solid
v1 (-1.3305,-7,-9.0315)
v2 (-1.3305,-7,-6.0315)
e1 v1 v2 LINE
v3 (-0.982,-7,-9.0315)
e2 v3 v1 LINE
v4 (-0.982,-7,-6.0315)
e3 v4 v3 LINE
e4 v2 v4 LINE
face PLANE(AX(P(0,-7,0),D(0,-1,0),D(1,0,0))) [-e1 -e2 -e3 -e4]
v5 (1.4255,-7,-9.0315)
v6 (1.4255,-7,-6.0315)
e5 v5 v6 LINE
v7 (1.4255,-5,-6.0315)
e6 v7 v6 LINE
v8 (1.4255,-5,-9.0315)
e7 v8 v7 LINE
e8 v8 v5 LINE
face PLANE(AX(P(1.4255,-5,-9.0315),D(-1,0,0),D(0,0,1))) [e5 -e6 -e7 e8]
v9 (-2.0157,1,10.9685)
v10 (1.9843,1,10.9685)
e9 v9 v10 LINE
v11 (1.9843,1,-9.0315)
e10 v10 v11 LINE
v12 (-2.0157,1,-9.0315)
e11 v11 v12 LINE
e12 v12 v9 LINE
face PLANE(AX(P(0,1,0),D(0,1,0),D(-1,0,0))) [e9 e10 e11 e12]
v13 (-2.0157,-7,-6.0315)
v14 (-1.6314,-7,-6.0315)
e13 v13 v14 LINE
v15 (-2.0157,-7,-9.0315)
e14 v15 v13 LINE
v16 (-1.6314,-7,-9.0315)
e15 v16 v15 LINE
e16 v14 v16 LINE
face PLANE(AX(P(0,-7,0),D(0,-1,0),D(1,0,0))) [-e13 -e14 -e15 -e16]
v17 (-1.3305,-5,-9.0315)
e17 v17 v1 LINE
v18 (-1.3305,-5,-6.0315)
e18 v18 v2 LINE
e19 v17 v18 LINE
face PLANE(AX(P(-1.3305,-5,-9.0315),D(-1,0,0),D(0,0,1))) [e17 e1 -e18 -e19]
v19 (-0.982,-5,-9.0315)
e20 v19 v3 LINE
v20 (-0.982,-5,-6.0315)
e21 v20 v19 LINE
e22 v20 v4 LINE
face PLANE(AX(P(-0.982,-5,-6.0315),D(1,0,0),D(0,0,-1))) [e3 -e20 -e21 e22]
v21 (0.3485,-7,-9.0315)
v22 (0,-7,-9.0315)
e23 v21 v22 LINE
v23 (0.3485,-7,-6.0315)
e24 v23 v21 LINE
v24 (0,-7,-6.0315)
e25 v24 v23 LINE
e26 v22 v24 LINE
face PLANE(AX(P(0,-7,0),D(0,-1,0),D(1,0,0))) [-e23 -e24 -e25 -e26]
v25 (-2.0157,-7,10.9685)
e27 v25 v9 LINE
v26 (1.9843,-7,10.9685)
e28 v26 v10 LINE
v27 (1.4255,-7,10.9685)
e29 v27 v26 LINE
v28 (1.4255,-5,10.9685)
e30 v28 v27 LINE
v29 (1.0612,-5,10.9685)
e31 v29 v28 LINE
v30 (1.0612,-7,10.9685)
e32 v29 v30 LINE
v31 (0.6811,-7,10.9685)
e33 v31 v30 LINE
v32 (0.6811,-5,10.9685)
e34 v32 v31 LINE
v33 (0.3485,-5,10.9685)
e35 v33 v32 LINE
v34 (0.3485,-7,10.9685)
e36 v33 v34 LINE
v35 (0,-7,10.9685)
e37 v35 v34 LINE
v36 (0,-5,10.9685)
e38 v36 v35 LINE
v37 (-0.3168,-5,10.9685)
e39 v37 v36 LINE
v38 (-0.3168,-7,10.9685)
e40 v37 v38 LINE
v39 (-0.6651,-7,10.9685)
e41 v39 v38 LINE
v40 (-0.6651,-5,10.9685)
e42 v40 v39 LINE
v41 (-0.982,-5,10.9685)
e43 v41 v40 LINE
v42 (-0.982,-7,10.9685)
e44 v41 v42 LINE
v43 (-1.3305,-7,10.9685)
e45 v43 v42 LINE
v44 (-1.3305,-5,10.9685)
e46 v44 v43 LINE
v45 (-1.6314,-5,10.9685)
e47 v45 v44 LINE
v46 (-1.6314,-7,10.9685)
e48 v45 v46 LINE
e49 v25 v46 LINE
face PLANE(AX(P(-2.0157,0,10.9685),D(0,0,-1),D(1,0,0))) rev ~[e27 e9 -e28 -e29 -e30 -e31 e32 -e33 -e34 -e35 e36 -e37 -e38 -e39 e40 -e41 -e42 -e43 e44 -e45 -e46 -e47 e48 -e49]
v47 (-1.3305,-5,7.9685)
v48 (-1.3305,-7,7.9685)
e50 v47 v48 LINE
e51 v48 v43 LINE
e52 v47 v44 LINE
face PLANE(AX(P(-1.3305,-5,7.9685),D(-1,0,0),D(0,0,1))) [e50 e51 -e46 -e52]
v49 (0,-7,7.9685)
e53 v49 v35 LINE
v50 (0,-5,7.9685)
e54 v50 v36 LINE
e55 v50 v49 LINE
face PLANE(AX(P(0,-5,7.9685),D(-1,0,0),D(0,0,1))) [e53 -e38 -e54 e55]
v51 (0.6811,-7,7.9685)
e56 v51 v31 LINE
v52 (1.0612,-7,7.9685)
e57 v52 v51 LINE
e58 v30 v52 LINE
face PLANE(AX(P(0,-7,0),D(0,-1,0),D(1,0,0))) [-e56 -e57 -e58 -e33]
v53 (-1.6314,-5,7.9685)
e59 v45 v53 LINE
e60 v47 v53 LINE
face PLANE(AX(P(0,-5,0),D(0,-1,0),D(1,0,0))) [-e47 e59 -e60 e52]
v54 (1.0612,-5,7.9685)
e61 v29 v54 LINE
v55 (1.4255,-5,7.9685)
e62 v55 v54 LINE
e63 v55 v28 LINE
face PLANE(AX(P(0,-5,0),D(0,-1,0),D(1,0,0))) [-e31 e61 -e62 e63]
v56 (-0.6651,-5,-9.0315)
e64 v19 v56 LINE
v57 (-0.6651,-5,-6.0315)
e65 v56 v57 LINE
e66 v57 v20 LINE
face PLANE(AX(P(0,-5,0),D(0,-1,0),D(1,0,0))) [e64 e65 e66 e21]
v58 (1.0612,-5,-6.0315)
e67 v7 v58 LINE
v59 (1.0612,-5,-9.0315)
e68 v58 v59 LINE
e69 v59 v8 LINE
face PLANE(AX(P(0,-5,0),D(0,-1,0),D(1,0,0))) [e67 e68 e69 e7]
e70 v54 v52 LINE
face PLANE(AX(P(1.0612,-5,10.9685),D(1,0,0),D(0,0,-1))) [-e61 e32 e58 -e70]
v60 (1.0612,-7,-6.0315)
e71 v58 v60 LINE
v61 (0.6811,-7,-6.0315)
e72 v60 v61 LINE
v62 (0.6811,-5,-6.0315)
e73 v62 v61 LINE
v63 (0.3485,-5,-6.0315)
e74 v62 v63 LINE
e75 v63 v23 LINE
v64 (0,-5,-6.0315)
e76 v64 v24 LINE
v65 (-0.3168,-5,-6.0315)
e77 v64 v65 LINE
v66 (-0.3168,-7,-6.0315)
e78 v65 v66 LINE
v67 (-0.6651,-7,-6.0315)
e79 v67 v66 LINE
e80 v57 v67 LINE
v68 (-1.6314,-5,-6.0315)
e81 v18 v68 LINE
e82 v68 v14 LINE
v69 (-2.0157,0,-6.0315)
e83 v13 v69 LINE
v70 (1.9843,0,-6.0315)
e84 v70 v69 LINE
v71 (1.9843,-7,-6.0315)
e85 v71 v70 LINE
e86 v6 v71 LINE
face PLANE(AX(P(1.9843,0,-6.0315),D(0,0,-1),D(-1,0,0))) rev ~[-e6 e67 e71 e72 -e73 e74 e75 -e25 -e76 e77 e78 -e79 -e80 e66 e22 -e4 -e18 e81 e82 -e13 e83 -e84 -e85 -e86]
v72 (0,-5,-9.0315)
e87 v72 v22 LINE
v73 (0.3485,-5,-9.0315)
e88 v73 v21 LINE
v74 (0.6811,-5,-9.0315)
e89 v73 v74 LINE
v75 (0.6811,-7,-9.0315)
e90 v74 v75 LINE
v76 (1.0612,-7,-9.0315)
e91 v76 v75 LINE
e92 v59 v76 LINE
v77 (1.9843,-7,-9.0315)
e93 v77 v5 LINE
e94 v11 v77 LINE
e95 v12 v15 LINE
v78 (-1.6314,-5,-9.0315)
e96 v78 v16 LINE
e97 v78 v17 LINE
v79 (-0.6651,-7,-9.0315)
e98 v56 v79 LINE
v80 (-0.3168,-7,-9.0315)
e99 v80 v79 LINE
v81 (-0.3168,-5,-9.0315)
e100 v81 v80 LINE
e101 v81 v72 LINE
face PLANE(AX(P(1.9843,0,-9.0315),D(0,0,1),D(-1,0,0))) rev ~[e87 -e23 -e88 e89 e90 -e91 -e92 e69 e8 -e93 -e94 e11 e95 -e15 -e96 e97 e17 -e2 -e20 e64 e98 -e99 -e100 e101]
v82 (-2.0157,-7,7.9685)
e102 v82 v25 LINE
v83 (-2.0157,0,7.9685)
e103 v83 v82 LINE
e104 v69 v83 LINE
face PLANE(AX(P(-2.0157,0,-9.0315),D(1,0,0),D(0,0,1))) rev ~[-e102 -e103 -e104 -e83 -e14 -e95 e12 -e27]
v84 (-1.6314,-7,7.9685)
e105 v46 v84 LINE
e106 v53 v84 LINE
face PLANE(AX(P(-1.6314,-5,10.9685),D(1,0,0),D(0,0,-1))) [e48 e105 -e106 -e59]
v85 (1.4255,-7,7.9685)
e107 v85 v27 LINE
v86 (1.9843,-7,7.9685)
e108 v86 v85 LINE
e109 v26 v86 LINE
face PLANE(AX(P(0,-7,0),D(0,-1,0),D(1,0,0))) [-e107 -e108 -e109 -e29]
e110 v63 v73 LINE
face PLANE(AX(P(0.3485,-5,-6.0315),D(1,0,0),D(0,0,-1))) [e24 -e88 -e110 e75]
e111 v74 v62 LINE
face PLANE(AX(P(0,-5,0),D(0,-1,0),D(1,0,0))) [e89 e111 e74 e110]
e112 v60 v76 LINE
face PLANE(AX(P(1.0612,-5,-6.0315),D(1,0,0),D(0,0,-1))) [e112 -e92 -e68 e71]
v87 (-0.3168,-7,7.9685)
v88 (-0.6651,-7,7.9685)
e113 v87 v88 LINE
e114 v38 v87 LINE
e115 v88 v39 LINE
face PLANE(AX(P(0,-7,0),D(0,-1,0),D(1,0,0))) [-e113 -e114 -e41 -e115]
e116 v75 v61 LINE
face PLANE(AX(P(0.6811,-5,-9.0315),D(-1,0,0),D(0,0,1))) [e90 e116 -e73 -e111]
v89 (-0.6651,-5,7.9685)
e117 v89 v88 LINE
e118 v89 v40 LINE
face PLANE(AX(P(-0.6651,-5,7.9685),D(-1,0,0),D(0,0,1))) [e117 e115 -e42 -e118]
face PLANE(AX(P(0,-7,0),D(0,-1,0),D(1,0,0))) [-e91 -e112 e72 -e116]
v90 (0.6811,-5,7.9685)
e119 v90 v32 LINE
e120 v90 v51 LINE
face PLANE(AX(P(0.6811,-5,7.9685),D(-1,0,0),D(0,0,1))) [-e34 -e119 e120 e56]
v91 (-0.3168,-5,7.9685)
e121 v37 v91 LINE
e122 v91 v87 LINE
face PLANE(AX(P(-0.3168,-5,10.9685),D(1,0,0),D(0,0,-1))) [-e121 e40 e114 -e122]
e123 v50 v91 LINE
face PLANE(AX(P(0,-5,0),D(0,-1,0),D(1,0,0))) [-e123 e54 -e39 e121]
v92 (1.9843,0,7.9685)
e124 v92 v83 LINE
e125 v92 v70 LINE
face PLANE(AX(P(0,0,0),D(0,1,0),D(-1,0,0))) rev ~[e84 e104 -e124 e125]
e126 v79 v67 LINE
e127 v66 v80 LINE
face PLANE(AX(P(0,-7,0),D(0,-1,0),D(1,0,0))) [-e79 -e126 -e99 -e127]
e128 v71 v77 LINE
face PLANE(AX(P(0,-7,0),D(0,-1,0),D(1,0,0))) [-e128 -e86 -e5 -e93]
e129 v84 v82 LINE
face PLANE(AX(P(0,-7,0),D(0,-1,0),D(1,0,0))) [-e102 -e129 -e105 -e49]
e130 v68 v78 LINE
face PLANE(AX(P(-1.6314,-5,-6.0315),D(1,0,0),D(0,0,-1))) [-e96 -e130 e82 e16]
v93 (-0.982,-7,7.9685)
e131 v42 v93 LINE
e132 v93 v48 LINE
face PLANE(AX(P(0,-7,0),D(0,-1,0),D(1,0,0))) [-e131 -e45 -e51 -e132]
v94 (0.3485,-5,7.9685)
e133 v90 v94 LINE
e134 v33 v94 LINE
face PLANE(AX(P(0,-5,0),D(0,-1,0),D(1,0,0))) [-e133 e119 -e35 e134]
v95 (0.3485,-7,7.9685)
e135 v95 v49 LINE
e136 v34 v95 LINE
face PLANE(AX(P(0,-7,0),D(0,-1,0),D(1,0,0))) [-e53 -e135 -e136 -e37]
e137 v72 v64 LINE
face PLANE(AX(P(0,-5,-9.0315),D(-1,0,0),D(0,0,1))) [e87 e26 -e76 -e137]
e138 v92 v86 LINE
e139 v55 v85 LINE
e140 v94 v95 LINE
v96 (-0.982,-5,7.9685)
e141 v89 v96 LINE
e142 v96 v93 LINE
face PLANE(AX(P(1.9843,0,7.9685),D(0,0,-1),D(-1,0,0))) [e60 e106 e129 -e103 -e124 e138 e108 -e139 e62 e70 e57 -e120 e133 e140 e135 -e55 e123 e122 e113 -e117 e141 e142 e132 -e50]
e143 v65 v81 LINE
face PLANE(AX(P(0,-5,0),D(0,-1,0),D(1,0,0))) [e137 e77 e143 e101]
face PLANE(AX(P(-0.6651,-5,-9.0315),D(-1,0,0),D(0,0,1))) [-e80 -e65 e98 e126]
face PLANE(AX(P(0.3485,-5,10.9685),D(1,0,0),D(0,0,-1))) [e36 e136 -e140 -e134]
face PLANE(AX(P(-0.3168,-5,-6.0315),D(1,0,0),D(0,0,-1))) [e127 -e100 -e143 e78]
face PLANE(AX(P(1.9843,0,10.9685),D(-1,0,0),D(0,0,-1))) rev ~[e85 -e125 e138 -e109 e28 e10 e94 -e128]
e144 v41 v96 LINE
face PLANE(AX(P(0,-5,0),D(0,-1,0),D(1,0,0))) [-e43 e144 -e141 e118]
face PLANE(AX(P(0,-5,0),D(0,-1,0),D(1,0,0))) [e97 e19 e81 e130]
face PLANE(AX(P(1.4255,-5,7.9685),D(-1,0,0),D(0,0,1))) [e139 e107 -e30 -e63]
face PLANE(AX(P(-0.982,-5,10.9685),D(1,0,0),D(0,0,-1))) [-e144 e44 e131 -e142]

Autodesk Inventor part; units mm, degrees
ref_plane "YZ Plane" through (0, 0, 0) normal (1, 0, 0) x (0, 1, 0)
ref_plane "XZ Plane" through (0, 0, 0) normal (0, 1, 0) x (-1, 0, 0)
ref_plane "XY Plane" through (0, 0, 0) normal (0, 0, 1) x (1, 0, 0)
sketch "Skizze1" plane through (0, 0, 0) normal (0, 1, 0) x (-1, 0, 0)
  line L0 (2.0157, 10.9685) -> (-1.9843, 10.9685)
  line L1 (-1.9843, 10.9685) -> (-1.9843, -9.0315)
  line L2 (-1.9843, -9.0315) -> (2.0157, -9.0315)
  line L3 (2.0157, -9.0315) -> (2.0157, 10.9685)
  point P0 (0, 0)
  dimension "d0" = 4
  dimension "d1" = 20
extrude "Extrusion1" add sketch "Skizze1" along normal blind 1
sketch "Skizze2" plane through (0, 0, 0) normal (0, -1, 0) x (1, 0, 0)
  line L0 (-2.0157, -9.0315) -> (-2.0157, 10.9685) projected
  line L1 (-2.0157, 10.9685) -> (1.9843, 10.9685)
  line L2 (1.9843, 10.9685) -> (1.9843, 7.9685)
  line L3 (1.9843, 7.9685) -> (-2.0157, 7.9685)
  line L4 (-2.0157, 7.9685) -> (-2.0157, 10.9685)
  line L5 (-2.0157, -9.0315) -> (1.9843, -9.0315)
  line L6 (1.9843, -9.0315) -> (1.9843, -6.0315)
  line L7 (1.9843, -6.0315) -> (-2.0157, -6.0315)
  line L8 (-2.0157, -6.0315) -> (-2.0157, -9.0315)
  point P0 (0, 0)
  dimension "d4" = 4
  dimension "d5" = 3
  dimension "d6" = 4
  dimension "d7" = 3
extrude "Extrusion2" add sketch "Skizze2" along normal blind 5
sketch "Skizze3" plane through (0, -5, 0) normal (0, -1, 0) x (1, 0, 0)
  line L0 (1.9843, -9.0315) -> (-2.0157, -9.0315) projected
  line L1 (-2.0157, -6.0315) -> (-1.6314, -6.0315)
  line L2 (-1.6314, -6.0315) -> (-1.6314, -9.0315)
  line L3 (-1.6314, -9.0315) -> (-2.0157, -9.0315)
  line L4 (-2.0157, -9.0315) -> (-2.0157, -6.0315)
  line L5 (1.4255, -6.0315) -> (1.9843, -6.0315)
  line L6 (1.9843, -6.0315) -> (1.9843, -9.0315)
  line L7 (1.9843, -9.0315) -> (1.4255, -9.0315)
  line L8 (1.4255, -9.0315) -> (1.4255, -6.0315)
  line L9 (-1.3305, -6.0315) -> (-0.982, -6.0315)
  line L10 (-0.982, -6.0315) -> (-0.982, -9.0315)
  line L11 (-0.982, -9.0315) -> (-1.3305, -9.0315)
  line L12 (-1.3305, -9.0315) -> (-1.3305, -6.0315)
  line L13 (0, -6.0315) -> (0.3485, -6.0315)
  line L14 (0.3485, -6.0315) -> (0.3485, -9.0315)
  line L15 (0.3485, -9.0315) -> (0, -9.0315)
  line L16 (0, -9.0315) -> (0, -6.0315)
  line L17 (-0.6651, -6.0315) -> (-0.3168, -6.0315)
  line L18 (-0.3168, -6.0315) -> (-0.3168, -9.0315)
  line L19 (-0.3168, -9.0315) -> (-0.6651, -9.0315)
  line L20 (-0.6651, -9.0315) -> (-0.6651, -6.0315)
  line L21 (1.9843, -6.0315) -> (-2.0157, -6.0315) projected
  line L22 (0.6811, -6.0315) -> (1.0612, -6.0315)
  line L23 (1.0612, -6.0315) -> (1.0612, -9.0315)
  line L24 (1.0612, -9.0315) -> (0.6811, -9.0315)
  line L25 (0.6811, -9.0315) -> (0.6811, -6.0315)
  line L26 (-0.6651, 10.9685) -> (-0.3168, 10.9685)
  line L27 (0, 10.9685) -> (0.3485, 10.9685)
  line L28 (-1.6314, 10.9685) -> (-1.6314, 7.9685)
  line L29 (-2.0157, 7.9685) -> (-2.0157, 10.9685)
  line L30 (-1.6314, 7.9685) -> (-2.0157, 7.9685)
  line L31 (0.6811, 10.9685) -> (1.0612, 10.9685)
  line L32 (-0.6651, 7.9685) -> (-0.6651, 10.9685)
  line L33 (-0.3168, 10.9685) -> (-0.3168, 7.9685)
  line L34 (-0.3168, 7.9685) -> (-0.6651, 7.9685)
  line L35 (0, 7.9685) -> (0, 10.9685)
  line L36 (0.3485, 10.9685) -> (0.3485, 7.9685)
  line L37 (0.6811, 7.9685) -> (0.6811, 10.9685)
  line L38 (1.0612, 10.9685) -> (1.0612, 7.9685)
  line L39 (1.0612, 7.9685) -> (0.6811, 7.9685)
  line L40 (1.4255, 7.9685) -> (1.4255, 10.9685)
  line L41 (1.9843, 10.9685) -> (1.9843, 7.9685)
  line L42 (-2.0157, 10.9685) -> (-1.6314, 10.9685)
  line L43 (1.4255, 10.9685) -> (1.9843, 10.9685)
  line L44 (0.3485, 7.9685) -> (0, 7.9685)
  line L45 (1.9843, 7.9685) -> (1.4255, 7.9685)
  line L46 (-0.982, 7.9685) -> (-1.3305, 7.9685)
  line L47 (-1.3305, 10.9685) -> (-0.982, 10.9685)
  line L48 (-1.3305, 7.9685) -> (-1.3305, 10.9685)
  line L49 (-0.982, 10.9685) -> (-0.982, 7.9685)
  point P0 (0, 0)
  point P1 (0, -9.0315)
  dimension "d12" = 17
extrude "Extrusion3" add sketch "Skizze3" along normal blind 2 contours L0 L8 L5 L6 | L0 L25 L21 L23 | L0 L16 L13 L14 | L0 L20 L17 L18 | L0 L12 L9 L10 | L0 L4 L1 L2 | L26 L33 L34 L32 | L27 L36 L44 L35 | L28 L30 L29 L42 | L31 L38 L39 L37 | L40 L43 L41 L45 | L46 L48 L47 L49
properties part number "5 nerve model"
